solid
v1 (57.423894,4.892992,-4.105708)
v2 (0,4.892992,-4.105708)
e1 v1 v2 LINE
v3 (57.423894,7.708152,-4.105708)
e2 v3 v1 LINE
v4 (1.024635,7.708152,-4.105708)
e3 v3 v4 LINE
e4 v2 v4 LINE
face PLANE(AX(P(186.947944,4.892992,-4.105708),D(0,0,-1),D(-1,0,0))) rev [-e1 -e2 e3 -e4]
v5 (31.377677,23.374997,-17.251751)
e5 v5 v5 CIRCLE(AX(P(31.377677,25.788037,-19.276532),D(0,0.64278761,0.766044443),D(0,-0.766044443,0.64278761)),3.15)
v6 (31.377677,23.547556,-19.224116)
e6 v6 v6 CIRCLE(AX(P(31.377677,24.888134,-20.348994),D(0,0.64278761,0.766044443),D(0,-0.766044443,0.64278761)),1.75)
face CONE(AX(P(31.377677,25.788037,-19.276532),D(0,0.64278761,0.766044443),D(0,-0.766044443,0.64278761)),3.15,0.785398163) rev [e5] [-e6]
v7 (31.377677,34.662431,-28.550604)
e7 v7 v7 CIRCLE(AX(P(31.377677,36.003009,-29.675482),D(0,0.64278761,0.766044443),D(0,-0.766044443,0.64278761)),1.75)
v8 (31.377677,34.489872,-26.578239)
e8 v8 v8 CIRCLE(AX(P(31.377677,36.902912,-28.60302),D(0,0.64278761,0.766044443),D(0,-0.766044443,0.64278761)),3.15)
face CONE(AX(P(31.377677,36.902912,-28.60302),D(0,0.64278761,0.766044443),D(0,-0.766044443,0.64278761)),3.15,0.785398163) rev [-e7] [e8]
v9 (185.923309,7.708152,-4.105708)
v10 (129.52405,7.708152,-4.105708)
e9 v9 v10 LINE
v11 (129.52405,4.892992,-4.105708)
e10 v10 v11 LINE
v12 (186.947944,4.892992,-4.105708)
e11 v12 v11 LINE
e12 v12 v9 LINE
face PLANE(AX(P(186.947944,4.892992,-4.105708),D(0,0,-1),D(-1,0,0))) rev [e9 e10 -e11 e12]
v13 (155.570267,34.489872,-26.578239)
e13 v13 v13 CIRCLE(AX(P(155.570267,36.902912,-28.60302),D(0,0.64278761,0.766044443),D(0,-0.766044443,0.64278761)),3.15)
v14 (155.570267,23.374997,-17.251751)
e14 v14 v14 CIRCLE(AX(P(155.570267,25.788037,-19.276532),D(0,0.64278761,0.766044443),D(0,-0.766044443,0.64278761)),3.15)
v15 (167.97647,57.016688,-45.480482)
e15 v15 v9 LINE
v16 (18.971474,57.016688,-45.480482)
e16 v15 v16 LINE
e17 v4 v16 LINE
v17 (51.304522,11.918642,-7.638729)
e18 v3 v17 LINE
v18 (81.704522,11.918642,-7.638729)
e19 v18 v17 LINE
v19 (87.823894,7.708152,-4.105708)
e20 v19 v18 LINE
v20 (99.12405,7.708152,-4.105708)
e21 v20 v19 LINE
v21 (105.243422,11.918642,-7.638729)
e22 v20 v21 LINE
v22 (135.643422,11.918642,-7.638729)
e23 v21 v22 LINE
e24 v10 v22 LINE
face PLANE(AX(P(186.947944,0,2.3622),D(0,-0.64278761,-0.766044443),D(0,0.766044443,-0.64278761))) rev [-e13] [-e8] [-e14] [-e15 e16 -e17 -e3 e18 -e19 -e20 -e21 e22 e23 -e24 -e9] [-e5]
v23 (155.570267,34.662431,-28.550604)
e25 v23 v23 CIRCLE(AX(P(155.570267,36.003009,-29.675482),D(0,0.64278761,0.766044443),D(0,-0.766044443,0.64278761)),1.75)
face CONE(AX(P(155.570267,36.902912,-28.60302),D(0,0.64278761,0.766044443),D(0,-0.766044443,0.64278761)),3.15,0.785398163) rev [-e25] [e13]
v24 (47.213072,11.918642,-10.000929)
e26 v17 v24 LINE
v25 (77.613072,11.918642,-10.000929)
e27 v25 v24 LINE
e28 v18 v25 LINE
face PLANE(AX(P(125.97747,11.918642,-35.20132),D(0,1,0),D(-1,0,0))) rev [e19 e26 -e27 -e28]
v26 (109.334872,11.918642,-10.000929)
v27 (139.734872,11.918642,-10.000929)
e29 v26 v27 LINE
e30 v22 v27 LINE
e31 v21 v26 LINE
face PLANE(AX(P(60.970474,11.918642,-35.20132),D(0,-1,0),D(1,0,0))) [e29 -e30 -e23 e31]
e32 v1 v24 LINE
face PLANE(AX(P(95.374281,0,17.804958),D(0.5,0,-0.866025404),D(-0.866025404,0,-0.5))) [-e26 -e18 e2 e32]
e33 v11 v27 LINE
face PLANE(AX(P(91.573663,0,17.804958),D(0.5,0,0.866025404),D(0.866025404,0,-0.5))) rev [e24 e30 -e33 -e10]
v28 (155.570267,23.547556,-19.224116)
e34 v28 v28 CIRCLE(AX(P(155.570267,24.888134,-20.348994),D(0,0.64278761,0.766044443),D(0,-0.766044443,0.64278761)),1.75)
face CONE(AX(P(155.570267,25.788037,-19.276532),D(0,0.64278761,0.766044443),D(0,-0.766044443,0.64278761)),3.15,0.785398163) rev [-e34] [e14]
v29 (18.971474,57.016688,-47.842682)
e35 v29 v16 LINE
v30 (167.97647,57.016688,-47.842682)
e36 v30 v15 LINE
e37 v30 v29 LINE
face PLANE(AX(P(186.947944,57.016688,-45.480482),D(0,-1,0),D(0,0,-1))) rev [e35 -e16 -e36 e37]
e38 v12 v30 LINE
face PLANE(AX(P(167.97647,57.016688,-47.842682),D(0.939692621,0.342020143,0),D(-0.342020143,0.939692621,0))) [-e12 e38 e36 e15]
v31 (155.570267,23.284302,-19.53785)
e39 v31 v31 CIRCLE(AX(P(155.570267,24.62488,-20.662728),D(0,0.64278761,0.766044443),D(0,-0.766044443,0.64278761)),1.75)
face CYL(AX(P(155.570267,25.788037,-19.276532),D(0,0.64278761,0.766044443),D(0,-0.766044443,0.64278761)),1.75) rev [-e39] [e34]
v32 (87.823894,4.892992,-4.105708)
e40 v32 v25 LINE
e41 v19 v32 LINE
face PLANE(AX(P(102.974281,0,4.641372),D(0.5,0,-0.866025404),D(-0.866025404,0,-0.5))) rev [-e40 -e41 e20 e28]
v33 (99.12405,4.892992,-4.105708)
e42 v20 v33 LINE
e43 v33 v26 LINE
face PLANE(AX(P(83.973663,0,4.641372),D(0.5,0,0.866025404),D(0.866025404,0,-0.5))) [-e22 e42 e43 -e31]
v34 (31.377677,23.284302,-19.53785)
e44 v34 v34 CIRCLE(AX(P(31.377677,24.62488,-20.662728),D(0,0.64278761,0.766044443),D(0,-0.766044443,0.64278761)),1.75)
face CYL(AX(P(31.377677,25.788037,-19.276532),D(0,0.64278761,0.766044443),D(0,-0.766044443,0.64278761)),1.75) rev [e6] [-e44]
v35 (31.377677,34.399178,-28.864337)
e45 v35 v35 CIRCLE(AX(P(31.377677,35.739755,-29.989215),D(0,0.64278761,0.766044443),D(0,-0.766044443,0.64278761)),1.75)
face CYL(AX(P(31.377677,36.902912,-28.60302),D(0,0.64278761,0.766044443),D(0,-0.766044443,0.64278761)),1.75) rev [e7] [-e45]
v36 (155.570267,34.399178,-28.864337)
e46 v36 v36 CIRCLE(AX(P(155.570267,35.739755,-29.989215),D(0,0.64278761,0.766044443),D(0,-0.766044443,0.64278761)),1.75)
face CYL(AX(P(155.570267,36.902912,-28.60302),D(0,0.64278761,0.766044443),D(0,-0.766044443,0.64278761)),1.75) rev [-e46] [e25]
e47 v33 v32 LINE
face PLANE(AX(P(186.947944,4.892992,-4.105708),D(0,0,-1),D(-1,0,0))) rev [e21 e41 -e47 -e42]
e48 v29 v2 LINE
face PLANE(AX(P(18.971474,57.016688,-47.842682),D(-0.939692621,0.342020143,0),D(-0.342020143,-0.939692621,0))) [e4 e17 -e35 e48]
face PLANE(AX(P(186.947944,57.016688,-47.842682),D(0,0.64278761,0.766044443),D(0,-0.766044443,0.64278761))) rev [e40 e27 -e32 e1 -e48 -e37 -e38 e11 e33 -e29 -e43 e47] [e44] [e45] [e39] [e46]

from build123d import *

# Parameters (mm, degrees)
BOSS_EXTRUDE1_DEPTH                             = 186.947944
CUT_EXTRUDE1_DEPTH                              = 202.219677631
CUT_EXTRUDE2_DEPTH                              = 119.891891944
CSK_FOR_M3_FLAT_HEAD_MACHINE_SCREW1_D           = 3.5
CSK_FOR_M3_FLAT_HEAD_MACHINE_SCREW1_DEPTH       = 5
CSK_FOR_M3_FLAT_HEAD_MACHINE_SCREW1_CSINK_D     = 6.3
CSK_FOR_M3_FLAT_HEAD_MACHINE_SCREW1_CSINK_ANGLE = 90
CUT_EXTRUDE3_REACH                              = 142.174
SKETCH7_W                                       = 15.2
SKETCH7_H                                       = 7
SKETCH7_H_2                                     = 1


with BuildPart() as part:
    # Sketch2 → Boss-Extrude1 (new body)
    with BuildSketch(Plane(origin=(0, 0, 0), x_dir=(0, 0, -1), z_dir=(1, 0, 0))):
        Polygon((0, 0), (-2.3622, 0), (45.480481789, 57.016687901), (47.842681789, 57.016687901), align=None)
    extrude(amount=BOSS_EXTRUDE1_DEPTH)

    # Sketch3 → Cut-Extrude1 (cut, through all)
    with BuildSketch(Plane.ZY):
        Polygon((-4.105707607, 4.89299179), (-4.105707607, 7.708152127), (2.3622, 0), (0, 0), align=None)
    extrude(amount=-CUT_EXTRUDE1_DEPTH, mode=Mode.SUBTRACT)

    # Sketch4 → Cut-Extrude2 (cut, through all)
    with BuildSketch(Plane(origin=(93.496468894, -1.981357522, -4.105707607), x_dir=(-1, 0, 0), z_dir=(0, 0, -1))):
        Polygon((93.496468894, 58.998045423), (74.524995009, 58.998045423), (93.496468894, 6.874349312), align=None)
        Polygon((-93.451475106, 6.874349312), (-93.451475106, 58.998045423), (-74.480001222, 58.998045423), align=None)
    extrude(amount=CUT_EXTRUDE2_DEPTH, mode=Mode.SUBTRACT)

    # CSK for M3 Flat Head Machine Screw1
    with Locations(Plane(origin=(0, 1.163156437, 1.386195863), x_dir=(1, 0, 0), z_dir=(0, 0.6427876096865435, 0.7660444431189745))):
        with Locations((31.377677493, 46.65493708), (31.377677493, 32.145498062)):
            csk_for_m3_flat_head_machine_screw1 = CounterSinkHole(CSK_FOR_M3_FLAT_HEAD_MACHINE_SCREW1_D / 2, CSK_FOR_M3_FLAT_HEAD_MACHINE_SCREW1_CSINK_D / 2, depth=CSK_FOR_M3_FLAT_HEAD_MACHINE_SCREW1_DEPTH, counter_sink_angle=CSK_FOR_M3_FLAT_HEAD_MACHINE_SCREW1_CSINK_ANGLE)

    # Mirror1: CSK for M3 Flat Head Machine Screw1 across plane
    add(csk_for_m3_flat_head_machine_screw1.mirror(Plane(origin=(93.473972, 0, 0), x_dir=(0, 0, 1), z_dir=(1, 0, 0))), mode=Mode.SUBTRACT)

    # Cut-Extrude3: up to this plane
    cut_extrude3_end = Plane(origin=(186.947944, 0, 2.3622), z_dir=(0, -0.6427876096865434, -0.7660444431189748))
    # Sketch7 → Cut-Extrude3 (cut, up to the surface)
    with BuildSketch(Plane(origin=(112.633038957, 0, -65.028715361), x_dir=(0.4999999999999981, -1.9080601945838373e-15, 0.8660254037844397), z_dir=(-0.8660254037844397, 3.3048572009189827e-15, 0.4999999999999981)), mode=Mode.PRIVATE) as cut_extrude3_sk1:
        with Locations((53.60637797, 8.418642478)):
            Rectangle(SKETCH7_W, SKETCH7_H)
    cut_extrude3_tool1 = split(extrude(cut_extrude3_sk1.sketch, amount=CUT_EXTRUDE3_REACH, mode=Mode.PRIVATE), bisect_by=cut_extrude3_end, keep=Keep.BOTH, mode=Mode.PRIVATE)
    # Sketch7 → Cut-Extrude3 (cut, up to the surface)
    with BuildSketch(Plane(origin=(112.633038957, 0, -65.028715361), x_dir=(0.4999999999999981, -1.9080601945838373e-15, 0.8660254037844397), z_dir=(-0.8660254037844397, 3.3048572009189827e-15, 0.4999999999999981)), mode=Mode.PRIVATE) as cut_extrude3_sk2:
        with Locations((53.60637797, 4.418642478)):
            Rectangle(SKETCH7_W, SKETCH7_H_2)
    cut_extrude3_tool2 = split(extrude(cut_extrude3_sk2.sketch, amount=CUT_EXTRUDE3_REACH, mode=Mode.PRIVATE), bisect_by=cut_extrude3_end, keep=Keep.BOTH, mode=Mode.PRIVATE)
    cut_extrude3 = cut_extrude3_tool1.solids().sort_by_distance((139.436228, 8.418642, -18.60423))[0] + cut_extrude3_tool2.solids().sort_by_distance((139.436228, 4.418642, -18.60423))[0]
    add(cut_extrude3, mode=Mode.SUBTRACT)

    # Mirror2: Cut-Extrude3 across plane
    add(cut_extrude3.mirror(Plane(origin=(93.473972, 0, 0), x_dir=(0, 0, 1), z_dir=(1, 0, 0))), mode=Mode.SUBTRACT)


solid = part.part
